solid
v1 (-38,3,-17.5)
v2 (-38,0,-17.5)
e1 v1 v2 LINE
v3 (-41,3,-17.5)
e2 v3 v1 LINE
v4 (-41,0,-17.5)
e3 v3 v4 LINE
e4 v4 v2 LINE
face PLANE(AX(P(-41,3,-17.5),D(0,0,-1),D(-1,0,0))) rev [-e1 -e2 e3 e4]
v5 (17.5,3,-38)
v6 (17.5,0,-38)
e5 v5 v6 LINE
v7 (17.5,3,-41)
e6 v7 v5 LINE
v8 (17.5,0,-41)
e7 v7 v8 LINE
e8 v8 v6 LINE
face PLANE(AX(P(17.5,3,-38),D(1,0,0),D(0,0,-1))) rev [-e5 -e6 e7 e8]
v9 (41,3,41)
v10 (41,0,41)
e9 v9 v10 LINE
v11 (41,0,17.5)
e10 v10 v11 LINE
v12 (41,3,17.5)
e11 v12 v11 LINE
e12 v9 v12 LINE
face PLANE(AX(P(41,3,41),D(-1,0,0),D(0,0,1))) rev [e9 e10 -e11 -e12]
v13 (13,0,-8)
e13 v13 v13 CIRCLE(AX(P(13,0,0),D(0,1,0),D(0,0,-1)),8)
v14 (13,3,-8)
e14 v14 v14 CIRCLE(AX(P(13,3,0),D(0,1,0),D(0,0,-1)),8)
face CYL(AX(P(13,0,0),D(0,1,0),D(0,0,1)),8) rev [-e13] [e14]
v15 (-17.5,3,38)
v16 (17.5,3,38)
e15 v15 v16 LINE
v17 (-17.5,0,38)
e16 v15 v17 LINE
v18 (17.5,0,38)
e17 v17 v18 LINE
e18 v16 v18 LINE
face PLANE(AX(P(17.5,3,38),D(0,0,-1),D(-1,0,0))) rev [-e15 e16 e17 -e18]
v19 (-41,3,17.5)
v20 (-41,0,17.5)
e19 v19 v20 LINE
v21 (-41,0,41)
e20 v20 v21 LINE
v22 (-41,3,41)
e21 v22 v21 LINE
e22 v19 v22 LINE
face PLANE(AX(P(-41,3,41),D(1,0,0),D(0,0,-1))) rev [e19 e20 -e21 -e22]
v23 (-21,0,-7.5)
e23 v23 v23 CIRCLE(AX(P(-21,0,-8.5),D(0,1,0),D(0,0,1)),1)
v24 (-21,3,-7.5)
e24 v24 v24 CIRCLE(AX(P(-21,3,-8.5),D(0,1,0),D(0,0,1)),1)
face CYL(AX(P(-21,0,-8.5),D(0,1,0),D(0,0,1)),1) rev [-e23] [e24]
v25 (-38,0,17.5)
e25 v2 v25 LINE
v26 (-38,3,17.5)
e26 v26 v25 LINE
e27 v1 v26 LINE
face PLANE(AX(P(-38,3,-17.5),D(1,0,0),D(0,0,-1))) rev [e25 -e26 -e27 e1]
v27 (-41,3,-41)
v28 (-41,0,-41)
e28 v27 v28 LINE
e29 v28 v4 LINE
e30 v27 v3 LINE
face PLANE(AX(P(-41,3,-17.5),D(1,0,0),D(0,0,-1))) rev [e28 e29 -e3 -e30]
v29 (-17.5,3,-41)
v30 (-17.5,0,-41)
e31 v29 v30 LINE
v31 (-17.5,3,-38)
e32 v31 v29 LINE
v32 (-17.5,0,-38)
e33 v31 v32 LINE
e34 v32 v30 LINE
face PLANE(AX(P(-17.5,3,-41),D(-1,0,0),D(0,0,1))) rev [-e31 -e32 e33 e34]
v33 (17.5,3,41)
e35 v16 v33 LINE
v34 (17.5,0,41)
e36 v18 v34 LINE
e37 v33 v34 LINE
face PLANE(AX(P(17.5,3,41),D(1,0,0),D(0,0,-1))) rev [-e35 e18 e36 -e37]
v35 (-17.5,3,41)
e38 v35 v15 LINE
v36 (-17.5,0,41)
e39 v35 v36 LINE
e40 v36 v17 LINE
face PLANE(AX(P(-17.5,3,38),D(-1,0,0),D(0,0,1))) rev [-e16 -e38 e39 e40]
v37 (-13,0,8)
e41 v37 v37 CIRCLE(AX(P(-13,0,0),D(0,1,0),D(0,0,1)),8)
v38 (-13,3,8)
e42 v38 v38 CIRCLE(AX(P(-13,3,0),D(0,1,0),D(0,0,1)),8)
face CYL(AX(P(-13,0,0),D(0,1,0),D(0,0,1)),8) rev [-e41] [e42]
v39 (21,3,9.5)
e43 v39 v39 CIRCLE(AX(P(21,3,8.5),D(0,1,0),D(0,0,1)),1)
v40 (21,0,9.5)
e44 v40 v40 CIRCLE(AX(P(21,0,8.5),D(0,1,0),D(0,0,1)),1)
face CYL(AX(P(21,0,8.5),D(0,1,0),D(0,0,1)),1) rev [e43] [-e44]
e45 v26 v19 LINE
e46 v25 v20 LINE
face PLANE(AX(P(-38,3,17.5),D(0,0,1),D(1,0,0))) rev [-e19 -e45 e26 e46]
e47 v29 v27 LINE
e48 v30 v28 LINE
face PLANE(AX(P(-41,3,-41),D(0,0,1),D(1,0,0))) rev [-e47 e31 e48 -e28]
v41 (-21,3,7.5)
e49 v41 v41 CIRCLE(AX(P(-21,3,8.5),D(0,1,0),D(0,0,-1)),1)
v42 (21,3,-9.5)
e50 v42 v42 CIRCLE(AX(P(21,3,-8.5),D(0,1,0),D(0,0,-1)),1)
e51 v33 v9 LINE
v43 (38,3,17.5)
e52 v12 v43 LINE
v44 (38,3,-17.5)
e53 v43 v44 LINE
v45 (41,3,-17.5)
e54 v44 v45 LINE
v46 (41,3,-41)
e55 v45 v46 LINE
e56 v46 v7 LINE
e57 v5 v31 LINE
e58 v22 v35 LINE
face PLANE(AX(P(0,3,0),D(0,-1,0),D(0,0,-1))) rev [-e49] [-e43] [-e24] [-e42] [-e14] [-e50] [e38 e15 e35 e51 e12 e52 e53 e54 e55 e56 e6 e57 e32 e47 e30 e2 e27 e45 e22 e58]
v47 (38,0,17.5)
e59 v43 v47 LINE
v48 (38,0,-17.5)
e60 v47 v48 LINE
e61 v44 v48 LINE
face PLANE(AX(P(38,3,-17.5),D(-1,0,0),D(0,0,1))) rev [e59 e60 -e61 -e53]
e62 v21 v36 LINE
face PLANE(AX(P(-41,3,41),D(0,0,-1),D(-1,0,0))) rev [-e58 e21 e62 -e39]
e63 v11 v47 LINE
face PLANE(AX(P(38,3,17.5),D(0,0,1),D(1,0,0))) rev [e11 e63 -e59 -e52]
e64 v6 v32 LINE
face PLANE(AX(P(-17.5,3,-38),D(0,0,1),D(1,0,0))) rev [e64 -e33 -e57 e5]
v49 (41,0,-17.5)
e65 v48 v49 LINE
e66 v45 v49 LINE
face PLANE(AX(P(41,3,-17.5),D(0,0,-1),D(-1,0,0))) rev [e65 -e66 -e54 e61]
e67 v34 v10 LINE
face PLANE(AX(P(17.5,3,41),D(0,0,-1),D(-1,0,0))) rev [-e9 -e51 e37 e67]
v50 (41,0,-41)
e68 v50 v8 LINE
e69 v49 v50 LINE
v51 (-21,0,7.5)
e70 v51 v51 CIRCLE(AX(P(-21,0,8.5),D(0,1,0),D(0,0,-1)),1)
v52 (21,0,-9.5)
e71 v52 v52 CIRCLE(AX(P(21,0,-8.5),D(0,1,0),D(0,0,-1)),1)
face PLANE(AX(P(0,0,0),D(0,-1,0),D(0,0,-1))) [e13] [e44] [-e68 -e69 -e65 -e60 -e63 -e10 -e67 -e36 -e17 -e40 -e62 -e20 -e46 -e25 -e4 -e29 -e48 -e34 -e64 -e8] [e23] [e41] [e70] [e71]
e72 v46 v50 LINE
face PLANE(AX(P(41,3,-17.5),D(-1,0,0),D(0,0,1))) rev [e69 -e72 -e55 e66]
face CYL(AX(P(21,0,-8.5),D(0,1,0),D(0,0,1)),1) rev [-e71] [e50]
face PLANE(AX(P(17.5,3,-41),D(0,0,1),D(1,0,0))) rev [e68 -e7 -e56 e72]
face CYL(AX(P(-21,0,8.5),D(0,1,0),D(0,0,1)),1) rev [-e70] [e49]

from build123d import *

# Parameters (mm, degrees)
BOSS_EXTRUDE1_DEPTH = 3
SKETCH2_R           = 8
SKETCH2_R_2         = 1
CUT_EXTRUDE1_DEPTH  = 3


with BuildPart() as part:
    # Sketch1 → Boss-Extrude1 (new body)
    with BuildSketch(Plane(origin=(0, 0, 0), x_dir=(1, 0, 0), z_dir=(0, 1, 0))):
        Polygon((-41, -41), (-17.5, -41), (-17.5, -38), (17.5, -38), (17.5, -41), (41, -41), (41, -17.5), (38, -17.5), (38, 17.5), (41, 17.5), (41, 41), (17.5, 41), (17.5, 38), (-17.5, 38), (-17.5, 41), (-41, 41), (-41, 17.5), (-38, 17.5), (-38, -17.5), (-41, -17.5), align=None)
    extrude(amount=BOSS_EXTRUDE1_DEPTH)

    # Sketch2 → Cut-Extrude1 (cut)
    with BuildSketch(Plane(origin=(0, 3, 0), x_dir=(1, 0, 0), z_dir=(0, 1, 0))):
        with Locations((-13, 0)):
            Circle(SKETCH2_R)
        with Locations((-21, 8.5)):
            Circle(SKETCH2_R_2)
        with Locations((-21, -8.5)):
            Circle(SKETCH2_R_2)
        with Locations((21, -8.5)):
            Circle(SKETCH2_R_2)
        with Locations((21, 8.5)):
            Circle(SKETCH2_R_2)
        with Locations((13, 0)):
            Circle(SKETCH2_R)
    extrude(amount=-CUT_EXTRUDE1_DEPTH, mode=Mode.SUBTRACT)


solid = part.part
